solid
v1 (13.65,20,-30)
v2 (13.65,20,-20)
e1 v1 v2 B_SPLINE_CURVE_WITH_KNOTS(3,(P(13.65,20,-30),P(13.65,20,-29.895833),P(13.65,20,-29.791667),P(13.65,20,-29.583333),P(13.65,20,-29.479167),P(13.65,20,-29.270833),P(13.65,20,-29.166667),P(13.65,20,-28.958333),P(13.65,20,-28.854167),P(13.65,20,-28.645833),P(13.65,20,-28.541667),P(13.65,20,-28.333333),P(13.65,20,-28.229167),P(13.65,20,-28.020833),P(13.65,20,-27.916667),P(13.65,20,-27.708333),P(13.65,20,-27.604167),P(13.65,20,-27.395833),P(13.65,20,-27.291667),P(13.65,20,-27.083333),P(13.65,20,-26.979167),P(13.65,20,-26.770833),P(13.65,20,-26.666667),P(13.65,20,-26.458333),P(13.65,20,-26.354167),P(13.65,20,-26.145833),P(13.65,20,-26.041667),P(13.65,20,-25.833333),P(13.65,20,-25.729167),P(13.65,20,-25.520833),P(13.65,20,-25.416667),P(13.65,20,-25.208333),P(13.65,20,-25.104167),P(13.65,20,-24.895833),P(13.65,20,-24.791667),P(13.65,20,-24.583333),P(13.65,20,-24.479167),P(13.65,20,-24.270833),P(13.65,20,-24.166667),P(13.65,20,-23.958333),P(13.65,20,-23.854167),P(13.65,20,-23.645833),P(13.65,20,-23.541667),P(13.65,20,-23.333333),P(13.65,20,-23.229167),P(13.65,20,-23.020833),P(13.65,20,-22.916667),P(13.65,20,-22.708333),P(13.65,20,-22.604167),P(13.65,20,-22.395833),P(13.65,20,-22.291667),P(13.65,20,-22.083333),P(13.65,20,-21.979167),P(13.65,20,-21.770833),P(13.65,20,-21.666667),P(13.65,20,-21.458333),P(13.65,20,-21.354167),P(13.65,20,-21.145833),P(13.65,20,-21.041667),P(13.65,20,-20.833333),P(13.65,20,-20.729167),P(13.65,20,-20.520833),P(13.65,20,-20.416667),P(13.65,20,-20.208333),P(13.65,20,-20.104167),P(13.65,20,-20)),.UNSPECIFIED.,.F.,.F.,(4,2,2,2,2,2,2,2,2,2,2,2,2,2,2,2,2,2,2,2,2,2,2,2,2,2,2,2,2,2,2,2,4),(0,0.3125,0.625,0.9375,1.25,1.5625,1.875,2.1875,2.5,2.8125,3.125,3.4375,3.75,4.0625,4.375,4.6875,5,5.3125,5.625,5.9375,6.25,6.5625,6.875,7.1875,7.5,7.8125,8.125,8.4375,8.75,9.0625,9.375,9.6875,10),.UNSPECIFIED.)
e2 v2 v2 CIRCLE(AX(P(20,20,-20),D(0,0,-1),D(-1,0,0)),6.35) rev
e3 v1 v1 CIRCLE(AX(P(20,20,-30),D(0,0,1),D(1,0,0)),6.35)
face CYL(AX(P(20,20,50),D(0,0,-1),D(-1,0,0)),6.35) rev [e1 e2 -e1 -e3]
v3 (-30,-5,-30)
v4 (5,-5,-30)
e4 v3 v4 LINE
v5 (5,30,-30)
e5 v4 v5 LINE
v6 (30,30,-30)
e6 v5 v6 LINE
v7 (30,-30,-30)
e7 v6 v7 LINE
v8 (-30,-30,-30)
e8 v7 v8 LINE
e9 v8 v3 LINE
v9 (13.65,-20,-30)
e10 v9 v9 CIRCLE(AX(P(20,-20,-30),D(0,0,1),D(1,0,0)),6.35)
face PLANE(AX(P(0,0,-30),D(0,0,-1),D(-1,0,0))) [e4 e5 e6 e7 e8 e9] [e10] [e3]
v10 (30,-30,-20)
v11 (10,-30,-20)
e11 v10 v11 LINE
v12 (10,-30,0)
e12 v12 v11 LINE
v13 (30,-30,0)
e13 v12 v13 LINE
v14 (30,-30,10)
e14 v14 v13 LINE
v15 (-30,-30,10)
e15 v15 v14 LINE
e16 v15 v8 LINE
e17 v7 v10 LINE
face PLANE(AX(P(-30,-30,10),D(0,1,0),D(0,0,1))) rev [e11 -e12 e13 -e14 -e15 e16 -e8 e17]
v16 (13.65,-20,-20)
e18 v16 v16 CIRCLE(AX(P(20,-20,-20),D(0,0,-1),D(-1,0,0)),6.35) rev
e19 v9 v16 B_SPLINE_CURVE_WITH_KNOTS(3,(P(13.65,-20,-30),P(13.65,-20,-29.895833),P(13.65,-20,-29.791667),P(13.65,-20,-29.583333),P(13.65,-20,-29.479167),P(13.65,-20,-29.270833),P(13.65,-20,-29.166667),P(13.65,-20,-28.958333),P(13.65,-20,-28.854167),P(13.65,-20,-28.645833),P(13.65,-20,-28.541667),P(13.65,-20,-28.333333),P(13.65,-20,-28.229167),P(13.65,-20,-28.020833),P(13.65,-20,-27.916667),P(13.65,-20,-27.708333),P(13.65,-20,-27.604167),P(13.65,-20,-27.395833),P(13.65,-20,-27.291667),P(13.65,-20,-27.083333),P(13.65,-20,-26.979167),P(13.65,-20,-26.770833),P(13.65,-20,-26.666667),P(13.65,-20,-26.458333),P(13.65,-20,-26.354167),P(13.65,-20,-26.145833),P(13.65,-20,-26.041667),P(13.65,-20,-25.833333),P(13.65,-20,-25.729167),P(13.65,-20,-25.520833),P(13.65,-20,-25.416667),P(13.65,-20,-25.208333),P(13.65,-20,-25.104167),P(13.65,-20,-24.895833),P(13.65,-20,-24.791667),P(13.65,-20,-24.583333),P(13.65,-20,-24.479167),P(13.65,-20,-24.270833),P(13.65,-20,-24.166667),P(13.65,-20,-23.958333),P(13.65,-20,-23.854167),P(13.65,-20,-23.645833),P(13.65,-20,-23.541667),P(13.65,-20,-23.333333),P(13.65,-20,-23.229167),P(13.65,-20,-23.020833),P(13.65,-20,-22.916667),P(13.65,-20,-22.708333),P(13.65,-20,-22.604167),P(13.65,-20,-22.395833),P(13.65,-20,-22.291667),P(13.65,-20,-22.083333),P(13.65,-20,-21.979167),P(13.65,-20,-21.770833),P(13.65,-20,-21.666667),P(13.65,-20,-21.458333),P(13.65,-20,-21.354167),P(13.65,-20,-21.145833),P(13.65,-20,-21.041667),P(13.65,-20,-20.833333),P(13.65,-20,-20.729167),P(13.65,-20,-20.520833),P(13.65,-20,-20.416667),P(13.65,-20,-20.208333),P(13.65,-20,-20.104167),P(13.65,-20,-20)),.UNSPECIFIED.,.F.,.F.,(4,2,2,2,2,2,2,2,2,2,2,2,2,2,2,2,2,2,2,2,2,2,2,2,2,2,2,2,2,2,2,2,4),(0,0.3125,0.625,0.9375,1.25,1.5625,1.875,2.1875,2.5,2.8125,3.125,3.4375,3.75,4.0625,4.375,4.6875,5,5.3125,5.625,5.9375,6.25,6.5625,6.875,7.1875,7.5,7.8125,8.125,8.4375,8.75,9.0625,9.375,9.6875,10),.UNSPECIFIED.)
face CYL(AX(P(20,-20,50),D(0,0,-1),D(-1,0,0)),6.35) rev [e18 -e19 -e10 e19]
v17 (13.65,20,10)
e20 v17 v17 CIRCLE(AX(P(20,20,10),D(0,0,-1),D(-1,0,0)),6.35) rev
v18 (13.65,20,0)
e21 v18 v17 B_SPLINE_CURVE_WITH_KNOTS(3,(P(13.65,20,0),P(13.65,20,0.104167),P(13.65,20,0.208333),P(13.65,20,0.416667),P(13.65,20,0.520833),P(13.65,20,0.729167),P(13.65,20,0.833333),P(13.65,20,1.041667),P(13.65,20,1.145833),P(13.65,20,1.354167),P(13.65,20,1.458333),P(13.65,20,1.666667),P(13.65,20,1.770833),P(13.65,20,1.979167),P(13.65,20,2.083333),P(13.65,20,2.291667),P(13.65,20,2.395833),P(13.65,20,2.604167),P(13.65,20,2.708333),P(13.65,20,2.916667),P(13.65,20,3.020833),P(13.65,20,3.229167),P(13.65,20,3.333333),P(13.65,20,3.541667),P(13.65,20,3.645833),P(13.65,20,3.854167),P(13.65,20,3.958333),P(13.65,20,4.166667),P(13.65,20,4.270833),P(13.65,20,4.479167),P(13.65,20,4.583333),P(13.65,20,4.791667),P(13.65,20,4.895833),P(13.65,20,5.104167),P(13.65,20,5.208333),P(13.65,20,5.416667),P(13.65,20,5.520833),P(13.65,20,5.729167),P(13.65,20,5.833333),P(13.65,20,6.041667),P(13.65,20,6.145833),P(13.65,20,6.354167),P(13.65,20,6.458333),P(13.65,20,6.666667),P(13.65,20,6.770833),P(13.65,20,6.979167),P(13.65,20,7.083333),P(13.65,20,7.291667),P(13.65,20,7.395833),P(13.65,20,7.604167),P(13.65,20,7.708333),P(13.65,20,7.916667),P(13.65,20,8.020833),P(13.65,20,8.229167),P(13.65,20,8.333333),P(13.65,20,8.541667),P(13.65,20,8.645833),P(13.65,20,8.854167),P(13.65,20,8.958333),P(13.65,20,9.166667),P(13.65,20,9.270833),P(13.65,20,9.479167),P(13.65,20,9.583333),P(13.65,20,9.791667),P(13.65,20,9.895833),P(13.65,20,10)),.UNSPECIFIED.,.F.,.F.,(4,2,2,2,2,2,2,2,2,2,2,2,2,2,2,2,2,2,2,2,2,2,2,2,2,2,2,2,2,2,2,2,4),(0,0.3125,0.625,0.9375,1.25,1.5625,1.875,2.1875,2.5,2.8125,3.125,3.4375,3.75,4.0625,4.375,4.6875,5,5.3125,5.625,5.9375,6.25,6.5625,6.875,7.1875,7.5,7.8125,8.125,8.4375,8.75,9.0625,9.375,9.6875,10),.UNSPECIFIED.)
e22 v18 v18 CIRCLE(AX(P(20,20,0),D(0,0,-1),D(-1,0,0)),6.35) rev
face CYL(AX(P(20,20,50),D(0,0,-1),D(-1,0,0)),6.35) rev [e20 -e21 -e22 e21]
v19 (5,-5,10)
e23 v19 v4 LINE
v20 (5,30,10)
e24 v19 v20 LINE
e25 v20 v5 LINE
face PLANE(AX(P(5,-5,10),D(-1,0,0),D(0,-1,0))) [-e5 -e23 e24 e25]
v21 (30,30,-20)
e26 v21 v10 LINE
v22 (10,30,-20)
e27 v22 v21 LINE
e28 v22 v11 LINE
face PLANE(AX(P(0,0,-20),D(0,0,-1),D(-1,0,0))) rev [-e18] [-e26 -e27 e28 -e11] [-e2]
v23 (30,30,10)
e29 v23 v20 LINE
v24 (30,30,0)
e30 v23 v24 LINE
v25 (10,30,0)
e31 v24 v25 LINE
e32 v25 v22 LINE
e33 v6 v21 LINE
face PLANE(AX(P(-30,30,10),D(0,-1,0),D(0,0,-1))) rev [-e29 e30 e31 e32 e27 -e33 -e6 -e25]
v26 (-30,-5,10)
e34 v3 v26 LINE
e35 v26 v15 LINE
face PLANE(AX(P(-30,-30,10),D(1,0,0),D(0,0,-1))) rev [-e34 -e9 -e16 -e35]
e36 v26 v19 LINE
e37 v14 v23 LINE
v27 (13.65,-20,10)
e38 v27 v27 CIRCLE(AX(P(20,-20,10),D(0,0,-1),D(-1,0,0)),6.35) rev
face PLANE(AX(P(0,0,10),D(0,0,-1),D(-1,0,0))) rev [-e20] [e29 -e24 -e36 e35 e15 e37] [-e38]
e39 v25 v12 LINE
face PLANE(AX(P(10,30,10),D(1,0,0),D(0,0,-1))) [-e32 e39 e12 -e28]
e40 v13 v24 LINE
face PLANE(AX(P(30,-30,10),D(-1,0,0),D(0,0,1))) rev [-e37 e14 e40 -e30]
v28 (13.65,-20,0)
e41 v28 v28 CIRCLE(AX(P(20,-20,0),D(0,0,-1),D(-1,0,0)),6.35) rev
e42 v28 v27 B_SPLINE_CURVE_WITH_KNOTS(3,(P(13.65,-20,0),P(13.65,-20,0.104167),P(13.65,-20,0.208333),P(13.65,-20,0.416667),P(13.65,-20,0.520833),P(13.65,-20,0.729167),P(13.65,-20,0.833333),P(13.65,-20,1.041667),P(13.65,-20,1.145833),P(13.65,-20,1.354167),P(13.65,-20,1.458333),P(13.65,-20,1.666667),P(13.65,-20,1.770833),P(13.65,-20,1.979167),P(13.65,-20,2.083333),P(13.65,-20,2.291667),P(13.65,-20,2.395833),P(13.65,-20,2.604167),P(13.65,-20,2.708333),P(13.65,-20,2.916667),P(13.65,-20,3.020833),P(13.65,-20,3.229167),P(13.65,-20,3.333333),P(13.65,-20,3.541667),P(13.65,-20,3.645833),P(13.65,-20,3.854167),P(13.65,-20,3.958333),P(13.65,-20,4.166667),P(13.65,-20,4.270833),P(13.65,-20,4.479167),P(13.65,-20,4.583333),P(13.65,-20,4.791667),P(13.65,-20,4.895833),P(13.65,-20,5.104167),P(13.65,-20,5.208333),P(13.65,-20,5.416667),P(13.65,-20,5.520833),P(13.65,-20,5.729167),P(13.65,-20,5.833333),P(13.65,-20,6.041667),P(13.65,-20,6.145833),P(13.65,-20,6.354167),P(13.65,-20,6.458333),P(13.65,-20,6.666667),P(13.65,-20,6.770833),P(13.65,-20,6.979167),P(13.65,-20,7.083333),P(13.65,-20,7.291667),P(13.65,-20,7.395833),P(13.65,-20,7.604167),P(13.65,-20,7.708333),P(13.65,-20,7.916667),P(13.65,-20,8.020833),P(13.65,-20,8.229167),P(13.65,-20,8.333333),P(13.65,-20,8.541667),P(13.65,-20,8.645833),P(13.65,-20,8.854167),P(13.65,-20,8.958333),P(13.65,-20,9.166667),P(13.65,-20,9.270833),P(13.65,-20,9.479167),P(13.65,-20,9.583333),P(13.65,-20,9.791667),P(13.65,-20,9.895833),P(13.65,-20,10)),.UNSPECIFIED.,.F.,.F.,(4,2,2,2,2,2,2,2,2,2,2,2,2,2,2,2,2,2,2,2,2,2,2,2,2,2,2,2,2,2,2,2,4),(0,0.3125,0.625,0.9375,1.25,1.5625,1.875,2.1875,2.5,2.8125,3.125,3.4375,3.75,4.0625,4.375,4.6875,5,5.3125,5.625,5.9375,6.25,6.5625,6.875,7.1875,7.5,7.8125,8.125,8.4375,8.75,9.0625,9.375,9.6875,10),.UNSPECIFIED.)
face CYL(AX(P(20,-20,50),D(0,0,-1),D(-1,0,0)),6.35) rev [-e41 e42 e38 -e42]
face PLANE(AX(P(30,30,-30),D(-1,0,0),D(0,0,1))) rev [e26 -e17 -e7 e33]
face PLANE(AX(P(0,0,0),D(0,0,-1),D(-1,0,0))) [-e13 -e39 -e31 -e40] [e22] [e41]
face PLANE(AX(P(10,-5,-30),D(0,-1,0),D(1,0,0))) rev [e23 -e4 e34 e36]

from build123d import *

# Parameters (mm, degrees)
SKETCH1_W                = 60
SKETCH1_H                = 60
BOSS_EXTRUDE1_DEPTH      = 10
SKETCH2_W                = 40
SKETCH2_H                = 35
CUT_EXTRUDE1_DEPTH       = 40
BOSS_EXTRUDE8_DEPTH      = 20
BOSS_EXTRUDE8_DEPTH_BACK = 10
BOSS_EXTRUDE9_DEPTH      = 10
SKETCH3_R                = 6.35
CUT_EXTRUDE2_DEPTH       = 40


with BuildPart() as part:
    # Sketch1 → Boss-Extrude1 (new body)
    with BuildSketch(Plane.XY):
        Rectangle(SKETCH1_W, SKETCH1_H)
    extrude(amount=BOSS_EXTRUDE1_DEPTH)

    # Sketch2 → Cut-Extrude1 (cut)
    with BuildSketch(Plane.XY.offset(10)):
        with Locations((-10, 12.5)):
            Rectangle(SKETCH2_W, SKETCH2_H)
    extrude(amount=-CUT_EXTRUDE1_DEPTH, mode=Mode.SUBTRACT)

    # Sketch6 → Boss-Extrude8 (add, two sides: drawn at the far end of the back side and taken through both)
    with BuildSketch(Plane(origin=(0, 0, 0), x_dir=(-1, 0, 0), z_dir=(0, 0, -1)).offset(-BOSS_EXTRUDE8_DEPTH_BACK)):
        Polygon((-10, 30), (-5, 30), (-5, -5), (30, -5), (30, -30), (-10, -30), align=None)
    extrude(amount=BOSS_EXTRUDE8_DEPTH + BOSS_EXTRUDE8_DEPTH_BACK)

    # Sketch7 → Boss-Extrude9 (add)
    with BuildSketch(Plane(origin=(0, 0, -20), x_dir=(-1, 0, 0), z_dir=(0, 0, -1))):
        Polygon((-30, 30), (-5, 30), (-5, -5), (30, -5), (30, -30), (-30, -30), align=None)
    extrude(amount=BOSS_EXTRUDE9_DEPTH)

    # Sketch3 → Cut-Extrude2 (cut, symmetric)
    with BuildSketch(Plane.XY.offset(10)):
        with Locations(Location((20, -20, 0), (0, 0, 180))):
            Circle(SKETCH3_R)
        with Locations(Location((20, 20, 0), (0, 0, 180))):
            Circle(SKETCH3_R)
    extrude(amount=CUT_EXTRUDE2_DEPTH, both=True, mode=Mode.SUBTRACT)


solid = part.part
